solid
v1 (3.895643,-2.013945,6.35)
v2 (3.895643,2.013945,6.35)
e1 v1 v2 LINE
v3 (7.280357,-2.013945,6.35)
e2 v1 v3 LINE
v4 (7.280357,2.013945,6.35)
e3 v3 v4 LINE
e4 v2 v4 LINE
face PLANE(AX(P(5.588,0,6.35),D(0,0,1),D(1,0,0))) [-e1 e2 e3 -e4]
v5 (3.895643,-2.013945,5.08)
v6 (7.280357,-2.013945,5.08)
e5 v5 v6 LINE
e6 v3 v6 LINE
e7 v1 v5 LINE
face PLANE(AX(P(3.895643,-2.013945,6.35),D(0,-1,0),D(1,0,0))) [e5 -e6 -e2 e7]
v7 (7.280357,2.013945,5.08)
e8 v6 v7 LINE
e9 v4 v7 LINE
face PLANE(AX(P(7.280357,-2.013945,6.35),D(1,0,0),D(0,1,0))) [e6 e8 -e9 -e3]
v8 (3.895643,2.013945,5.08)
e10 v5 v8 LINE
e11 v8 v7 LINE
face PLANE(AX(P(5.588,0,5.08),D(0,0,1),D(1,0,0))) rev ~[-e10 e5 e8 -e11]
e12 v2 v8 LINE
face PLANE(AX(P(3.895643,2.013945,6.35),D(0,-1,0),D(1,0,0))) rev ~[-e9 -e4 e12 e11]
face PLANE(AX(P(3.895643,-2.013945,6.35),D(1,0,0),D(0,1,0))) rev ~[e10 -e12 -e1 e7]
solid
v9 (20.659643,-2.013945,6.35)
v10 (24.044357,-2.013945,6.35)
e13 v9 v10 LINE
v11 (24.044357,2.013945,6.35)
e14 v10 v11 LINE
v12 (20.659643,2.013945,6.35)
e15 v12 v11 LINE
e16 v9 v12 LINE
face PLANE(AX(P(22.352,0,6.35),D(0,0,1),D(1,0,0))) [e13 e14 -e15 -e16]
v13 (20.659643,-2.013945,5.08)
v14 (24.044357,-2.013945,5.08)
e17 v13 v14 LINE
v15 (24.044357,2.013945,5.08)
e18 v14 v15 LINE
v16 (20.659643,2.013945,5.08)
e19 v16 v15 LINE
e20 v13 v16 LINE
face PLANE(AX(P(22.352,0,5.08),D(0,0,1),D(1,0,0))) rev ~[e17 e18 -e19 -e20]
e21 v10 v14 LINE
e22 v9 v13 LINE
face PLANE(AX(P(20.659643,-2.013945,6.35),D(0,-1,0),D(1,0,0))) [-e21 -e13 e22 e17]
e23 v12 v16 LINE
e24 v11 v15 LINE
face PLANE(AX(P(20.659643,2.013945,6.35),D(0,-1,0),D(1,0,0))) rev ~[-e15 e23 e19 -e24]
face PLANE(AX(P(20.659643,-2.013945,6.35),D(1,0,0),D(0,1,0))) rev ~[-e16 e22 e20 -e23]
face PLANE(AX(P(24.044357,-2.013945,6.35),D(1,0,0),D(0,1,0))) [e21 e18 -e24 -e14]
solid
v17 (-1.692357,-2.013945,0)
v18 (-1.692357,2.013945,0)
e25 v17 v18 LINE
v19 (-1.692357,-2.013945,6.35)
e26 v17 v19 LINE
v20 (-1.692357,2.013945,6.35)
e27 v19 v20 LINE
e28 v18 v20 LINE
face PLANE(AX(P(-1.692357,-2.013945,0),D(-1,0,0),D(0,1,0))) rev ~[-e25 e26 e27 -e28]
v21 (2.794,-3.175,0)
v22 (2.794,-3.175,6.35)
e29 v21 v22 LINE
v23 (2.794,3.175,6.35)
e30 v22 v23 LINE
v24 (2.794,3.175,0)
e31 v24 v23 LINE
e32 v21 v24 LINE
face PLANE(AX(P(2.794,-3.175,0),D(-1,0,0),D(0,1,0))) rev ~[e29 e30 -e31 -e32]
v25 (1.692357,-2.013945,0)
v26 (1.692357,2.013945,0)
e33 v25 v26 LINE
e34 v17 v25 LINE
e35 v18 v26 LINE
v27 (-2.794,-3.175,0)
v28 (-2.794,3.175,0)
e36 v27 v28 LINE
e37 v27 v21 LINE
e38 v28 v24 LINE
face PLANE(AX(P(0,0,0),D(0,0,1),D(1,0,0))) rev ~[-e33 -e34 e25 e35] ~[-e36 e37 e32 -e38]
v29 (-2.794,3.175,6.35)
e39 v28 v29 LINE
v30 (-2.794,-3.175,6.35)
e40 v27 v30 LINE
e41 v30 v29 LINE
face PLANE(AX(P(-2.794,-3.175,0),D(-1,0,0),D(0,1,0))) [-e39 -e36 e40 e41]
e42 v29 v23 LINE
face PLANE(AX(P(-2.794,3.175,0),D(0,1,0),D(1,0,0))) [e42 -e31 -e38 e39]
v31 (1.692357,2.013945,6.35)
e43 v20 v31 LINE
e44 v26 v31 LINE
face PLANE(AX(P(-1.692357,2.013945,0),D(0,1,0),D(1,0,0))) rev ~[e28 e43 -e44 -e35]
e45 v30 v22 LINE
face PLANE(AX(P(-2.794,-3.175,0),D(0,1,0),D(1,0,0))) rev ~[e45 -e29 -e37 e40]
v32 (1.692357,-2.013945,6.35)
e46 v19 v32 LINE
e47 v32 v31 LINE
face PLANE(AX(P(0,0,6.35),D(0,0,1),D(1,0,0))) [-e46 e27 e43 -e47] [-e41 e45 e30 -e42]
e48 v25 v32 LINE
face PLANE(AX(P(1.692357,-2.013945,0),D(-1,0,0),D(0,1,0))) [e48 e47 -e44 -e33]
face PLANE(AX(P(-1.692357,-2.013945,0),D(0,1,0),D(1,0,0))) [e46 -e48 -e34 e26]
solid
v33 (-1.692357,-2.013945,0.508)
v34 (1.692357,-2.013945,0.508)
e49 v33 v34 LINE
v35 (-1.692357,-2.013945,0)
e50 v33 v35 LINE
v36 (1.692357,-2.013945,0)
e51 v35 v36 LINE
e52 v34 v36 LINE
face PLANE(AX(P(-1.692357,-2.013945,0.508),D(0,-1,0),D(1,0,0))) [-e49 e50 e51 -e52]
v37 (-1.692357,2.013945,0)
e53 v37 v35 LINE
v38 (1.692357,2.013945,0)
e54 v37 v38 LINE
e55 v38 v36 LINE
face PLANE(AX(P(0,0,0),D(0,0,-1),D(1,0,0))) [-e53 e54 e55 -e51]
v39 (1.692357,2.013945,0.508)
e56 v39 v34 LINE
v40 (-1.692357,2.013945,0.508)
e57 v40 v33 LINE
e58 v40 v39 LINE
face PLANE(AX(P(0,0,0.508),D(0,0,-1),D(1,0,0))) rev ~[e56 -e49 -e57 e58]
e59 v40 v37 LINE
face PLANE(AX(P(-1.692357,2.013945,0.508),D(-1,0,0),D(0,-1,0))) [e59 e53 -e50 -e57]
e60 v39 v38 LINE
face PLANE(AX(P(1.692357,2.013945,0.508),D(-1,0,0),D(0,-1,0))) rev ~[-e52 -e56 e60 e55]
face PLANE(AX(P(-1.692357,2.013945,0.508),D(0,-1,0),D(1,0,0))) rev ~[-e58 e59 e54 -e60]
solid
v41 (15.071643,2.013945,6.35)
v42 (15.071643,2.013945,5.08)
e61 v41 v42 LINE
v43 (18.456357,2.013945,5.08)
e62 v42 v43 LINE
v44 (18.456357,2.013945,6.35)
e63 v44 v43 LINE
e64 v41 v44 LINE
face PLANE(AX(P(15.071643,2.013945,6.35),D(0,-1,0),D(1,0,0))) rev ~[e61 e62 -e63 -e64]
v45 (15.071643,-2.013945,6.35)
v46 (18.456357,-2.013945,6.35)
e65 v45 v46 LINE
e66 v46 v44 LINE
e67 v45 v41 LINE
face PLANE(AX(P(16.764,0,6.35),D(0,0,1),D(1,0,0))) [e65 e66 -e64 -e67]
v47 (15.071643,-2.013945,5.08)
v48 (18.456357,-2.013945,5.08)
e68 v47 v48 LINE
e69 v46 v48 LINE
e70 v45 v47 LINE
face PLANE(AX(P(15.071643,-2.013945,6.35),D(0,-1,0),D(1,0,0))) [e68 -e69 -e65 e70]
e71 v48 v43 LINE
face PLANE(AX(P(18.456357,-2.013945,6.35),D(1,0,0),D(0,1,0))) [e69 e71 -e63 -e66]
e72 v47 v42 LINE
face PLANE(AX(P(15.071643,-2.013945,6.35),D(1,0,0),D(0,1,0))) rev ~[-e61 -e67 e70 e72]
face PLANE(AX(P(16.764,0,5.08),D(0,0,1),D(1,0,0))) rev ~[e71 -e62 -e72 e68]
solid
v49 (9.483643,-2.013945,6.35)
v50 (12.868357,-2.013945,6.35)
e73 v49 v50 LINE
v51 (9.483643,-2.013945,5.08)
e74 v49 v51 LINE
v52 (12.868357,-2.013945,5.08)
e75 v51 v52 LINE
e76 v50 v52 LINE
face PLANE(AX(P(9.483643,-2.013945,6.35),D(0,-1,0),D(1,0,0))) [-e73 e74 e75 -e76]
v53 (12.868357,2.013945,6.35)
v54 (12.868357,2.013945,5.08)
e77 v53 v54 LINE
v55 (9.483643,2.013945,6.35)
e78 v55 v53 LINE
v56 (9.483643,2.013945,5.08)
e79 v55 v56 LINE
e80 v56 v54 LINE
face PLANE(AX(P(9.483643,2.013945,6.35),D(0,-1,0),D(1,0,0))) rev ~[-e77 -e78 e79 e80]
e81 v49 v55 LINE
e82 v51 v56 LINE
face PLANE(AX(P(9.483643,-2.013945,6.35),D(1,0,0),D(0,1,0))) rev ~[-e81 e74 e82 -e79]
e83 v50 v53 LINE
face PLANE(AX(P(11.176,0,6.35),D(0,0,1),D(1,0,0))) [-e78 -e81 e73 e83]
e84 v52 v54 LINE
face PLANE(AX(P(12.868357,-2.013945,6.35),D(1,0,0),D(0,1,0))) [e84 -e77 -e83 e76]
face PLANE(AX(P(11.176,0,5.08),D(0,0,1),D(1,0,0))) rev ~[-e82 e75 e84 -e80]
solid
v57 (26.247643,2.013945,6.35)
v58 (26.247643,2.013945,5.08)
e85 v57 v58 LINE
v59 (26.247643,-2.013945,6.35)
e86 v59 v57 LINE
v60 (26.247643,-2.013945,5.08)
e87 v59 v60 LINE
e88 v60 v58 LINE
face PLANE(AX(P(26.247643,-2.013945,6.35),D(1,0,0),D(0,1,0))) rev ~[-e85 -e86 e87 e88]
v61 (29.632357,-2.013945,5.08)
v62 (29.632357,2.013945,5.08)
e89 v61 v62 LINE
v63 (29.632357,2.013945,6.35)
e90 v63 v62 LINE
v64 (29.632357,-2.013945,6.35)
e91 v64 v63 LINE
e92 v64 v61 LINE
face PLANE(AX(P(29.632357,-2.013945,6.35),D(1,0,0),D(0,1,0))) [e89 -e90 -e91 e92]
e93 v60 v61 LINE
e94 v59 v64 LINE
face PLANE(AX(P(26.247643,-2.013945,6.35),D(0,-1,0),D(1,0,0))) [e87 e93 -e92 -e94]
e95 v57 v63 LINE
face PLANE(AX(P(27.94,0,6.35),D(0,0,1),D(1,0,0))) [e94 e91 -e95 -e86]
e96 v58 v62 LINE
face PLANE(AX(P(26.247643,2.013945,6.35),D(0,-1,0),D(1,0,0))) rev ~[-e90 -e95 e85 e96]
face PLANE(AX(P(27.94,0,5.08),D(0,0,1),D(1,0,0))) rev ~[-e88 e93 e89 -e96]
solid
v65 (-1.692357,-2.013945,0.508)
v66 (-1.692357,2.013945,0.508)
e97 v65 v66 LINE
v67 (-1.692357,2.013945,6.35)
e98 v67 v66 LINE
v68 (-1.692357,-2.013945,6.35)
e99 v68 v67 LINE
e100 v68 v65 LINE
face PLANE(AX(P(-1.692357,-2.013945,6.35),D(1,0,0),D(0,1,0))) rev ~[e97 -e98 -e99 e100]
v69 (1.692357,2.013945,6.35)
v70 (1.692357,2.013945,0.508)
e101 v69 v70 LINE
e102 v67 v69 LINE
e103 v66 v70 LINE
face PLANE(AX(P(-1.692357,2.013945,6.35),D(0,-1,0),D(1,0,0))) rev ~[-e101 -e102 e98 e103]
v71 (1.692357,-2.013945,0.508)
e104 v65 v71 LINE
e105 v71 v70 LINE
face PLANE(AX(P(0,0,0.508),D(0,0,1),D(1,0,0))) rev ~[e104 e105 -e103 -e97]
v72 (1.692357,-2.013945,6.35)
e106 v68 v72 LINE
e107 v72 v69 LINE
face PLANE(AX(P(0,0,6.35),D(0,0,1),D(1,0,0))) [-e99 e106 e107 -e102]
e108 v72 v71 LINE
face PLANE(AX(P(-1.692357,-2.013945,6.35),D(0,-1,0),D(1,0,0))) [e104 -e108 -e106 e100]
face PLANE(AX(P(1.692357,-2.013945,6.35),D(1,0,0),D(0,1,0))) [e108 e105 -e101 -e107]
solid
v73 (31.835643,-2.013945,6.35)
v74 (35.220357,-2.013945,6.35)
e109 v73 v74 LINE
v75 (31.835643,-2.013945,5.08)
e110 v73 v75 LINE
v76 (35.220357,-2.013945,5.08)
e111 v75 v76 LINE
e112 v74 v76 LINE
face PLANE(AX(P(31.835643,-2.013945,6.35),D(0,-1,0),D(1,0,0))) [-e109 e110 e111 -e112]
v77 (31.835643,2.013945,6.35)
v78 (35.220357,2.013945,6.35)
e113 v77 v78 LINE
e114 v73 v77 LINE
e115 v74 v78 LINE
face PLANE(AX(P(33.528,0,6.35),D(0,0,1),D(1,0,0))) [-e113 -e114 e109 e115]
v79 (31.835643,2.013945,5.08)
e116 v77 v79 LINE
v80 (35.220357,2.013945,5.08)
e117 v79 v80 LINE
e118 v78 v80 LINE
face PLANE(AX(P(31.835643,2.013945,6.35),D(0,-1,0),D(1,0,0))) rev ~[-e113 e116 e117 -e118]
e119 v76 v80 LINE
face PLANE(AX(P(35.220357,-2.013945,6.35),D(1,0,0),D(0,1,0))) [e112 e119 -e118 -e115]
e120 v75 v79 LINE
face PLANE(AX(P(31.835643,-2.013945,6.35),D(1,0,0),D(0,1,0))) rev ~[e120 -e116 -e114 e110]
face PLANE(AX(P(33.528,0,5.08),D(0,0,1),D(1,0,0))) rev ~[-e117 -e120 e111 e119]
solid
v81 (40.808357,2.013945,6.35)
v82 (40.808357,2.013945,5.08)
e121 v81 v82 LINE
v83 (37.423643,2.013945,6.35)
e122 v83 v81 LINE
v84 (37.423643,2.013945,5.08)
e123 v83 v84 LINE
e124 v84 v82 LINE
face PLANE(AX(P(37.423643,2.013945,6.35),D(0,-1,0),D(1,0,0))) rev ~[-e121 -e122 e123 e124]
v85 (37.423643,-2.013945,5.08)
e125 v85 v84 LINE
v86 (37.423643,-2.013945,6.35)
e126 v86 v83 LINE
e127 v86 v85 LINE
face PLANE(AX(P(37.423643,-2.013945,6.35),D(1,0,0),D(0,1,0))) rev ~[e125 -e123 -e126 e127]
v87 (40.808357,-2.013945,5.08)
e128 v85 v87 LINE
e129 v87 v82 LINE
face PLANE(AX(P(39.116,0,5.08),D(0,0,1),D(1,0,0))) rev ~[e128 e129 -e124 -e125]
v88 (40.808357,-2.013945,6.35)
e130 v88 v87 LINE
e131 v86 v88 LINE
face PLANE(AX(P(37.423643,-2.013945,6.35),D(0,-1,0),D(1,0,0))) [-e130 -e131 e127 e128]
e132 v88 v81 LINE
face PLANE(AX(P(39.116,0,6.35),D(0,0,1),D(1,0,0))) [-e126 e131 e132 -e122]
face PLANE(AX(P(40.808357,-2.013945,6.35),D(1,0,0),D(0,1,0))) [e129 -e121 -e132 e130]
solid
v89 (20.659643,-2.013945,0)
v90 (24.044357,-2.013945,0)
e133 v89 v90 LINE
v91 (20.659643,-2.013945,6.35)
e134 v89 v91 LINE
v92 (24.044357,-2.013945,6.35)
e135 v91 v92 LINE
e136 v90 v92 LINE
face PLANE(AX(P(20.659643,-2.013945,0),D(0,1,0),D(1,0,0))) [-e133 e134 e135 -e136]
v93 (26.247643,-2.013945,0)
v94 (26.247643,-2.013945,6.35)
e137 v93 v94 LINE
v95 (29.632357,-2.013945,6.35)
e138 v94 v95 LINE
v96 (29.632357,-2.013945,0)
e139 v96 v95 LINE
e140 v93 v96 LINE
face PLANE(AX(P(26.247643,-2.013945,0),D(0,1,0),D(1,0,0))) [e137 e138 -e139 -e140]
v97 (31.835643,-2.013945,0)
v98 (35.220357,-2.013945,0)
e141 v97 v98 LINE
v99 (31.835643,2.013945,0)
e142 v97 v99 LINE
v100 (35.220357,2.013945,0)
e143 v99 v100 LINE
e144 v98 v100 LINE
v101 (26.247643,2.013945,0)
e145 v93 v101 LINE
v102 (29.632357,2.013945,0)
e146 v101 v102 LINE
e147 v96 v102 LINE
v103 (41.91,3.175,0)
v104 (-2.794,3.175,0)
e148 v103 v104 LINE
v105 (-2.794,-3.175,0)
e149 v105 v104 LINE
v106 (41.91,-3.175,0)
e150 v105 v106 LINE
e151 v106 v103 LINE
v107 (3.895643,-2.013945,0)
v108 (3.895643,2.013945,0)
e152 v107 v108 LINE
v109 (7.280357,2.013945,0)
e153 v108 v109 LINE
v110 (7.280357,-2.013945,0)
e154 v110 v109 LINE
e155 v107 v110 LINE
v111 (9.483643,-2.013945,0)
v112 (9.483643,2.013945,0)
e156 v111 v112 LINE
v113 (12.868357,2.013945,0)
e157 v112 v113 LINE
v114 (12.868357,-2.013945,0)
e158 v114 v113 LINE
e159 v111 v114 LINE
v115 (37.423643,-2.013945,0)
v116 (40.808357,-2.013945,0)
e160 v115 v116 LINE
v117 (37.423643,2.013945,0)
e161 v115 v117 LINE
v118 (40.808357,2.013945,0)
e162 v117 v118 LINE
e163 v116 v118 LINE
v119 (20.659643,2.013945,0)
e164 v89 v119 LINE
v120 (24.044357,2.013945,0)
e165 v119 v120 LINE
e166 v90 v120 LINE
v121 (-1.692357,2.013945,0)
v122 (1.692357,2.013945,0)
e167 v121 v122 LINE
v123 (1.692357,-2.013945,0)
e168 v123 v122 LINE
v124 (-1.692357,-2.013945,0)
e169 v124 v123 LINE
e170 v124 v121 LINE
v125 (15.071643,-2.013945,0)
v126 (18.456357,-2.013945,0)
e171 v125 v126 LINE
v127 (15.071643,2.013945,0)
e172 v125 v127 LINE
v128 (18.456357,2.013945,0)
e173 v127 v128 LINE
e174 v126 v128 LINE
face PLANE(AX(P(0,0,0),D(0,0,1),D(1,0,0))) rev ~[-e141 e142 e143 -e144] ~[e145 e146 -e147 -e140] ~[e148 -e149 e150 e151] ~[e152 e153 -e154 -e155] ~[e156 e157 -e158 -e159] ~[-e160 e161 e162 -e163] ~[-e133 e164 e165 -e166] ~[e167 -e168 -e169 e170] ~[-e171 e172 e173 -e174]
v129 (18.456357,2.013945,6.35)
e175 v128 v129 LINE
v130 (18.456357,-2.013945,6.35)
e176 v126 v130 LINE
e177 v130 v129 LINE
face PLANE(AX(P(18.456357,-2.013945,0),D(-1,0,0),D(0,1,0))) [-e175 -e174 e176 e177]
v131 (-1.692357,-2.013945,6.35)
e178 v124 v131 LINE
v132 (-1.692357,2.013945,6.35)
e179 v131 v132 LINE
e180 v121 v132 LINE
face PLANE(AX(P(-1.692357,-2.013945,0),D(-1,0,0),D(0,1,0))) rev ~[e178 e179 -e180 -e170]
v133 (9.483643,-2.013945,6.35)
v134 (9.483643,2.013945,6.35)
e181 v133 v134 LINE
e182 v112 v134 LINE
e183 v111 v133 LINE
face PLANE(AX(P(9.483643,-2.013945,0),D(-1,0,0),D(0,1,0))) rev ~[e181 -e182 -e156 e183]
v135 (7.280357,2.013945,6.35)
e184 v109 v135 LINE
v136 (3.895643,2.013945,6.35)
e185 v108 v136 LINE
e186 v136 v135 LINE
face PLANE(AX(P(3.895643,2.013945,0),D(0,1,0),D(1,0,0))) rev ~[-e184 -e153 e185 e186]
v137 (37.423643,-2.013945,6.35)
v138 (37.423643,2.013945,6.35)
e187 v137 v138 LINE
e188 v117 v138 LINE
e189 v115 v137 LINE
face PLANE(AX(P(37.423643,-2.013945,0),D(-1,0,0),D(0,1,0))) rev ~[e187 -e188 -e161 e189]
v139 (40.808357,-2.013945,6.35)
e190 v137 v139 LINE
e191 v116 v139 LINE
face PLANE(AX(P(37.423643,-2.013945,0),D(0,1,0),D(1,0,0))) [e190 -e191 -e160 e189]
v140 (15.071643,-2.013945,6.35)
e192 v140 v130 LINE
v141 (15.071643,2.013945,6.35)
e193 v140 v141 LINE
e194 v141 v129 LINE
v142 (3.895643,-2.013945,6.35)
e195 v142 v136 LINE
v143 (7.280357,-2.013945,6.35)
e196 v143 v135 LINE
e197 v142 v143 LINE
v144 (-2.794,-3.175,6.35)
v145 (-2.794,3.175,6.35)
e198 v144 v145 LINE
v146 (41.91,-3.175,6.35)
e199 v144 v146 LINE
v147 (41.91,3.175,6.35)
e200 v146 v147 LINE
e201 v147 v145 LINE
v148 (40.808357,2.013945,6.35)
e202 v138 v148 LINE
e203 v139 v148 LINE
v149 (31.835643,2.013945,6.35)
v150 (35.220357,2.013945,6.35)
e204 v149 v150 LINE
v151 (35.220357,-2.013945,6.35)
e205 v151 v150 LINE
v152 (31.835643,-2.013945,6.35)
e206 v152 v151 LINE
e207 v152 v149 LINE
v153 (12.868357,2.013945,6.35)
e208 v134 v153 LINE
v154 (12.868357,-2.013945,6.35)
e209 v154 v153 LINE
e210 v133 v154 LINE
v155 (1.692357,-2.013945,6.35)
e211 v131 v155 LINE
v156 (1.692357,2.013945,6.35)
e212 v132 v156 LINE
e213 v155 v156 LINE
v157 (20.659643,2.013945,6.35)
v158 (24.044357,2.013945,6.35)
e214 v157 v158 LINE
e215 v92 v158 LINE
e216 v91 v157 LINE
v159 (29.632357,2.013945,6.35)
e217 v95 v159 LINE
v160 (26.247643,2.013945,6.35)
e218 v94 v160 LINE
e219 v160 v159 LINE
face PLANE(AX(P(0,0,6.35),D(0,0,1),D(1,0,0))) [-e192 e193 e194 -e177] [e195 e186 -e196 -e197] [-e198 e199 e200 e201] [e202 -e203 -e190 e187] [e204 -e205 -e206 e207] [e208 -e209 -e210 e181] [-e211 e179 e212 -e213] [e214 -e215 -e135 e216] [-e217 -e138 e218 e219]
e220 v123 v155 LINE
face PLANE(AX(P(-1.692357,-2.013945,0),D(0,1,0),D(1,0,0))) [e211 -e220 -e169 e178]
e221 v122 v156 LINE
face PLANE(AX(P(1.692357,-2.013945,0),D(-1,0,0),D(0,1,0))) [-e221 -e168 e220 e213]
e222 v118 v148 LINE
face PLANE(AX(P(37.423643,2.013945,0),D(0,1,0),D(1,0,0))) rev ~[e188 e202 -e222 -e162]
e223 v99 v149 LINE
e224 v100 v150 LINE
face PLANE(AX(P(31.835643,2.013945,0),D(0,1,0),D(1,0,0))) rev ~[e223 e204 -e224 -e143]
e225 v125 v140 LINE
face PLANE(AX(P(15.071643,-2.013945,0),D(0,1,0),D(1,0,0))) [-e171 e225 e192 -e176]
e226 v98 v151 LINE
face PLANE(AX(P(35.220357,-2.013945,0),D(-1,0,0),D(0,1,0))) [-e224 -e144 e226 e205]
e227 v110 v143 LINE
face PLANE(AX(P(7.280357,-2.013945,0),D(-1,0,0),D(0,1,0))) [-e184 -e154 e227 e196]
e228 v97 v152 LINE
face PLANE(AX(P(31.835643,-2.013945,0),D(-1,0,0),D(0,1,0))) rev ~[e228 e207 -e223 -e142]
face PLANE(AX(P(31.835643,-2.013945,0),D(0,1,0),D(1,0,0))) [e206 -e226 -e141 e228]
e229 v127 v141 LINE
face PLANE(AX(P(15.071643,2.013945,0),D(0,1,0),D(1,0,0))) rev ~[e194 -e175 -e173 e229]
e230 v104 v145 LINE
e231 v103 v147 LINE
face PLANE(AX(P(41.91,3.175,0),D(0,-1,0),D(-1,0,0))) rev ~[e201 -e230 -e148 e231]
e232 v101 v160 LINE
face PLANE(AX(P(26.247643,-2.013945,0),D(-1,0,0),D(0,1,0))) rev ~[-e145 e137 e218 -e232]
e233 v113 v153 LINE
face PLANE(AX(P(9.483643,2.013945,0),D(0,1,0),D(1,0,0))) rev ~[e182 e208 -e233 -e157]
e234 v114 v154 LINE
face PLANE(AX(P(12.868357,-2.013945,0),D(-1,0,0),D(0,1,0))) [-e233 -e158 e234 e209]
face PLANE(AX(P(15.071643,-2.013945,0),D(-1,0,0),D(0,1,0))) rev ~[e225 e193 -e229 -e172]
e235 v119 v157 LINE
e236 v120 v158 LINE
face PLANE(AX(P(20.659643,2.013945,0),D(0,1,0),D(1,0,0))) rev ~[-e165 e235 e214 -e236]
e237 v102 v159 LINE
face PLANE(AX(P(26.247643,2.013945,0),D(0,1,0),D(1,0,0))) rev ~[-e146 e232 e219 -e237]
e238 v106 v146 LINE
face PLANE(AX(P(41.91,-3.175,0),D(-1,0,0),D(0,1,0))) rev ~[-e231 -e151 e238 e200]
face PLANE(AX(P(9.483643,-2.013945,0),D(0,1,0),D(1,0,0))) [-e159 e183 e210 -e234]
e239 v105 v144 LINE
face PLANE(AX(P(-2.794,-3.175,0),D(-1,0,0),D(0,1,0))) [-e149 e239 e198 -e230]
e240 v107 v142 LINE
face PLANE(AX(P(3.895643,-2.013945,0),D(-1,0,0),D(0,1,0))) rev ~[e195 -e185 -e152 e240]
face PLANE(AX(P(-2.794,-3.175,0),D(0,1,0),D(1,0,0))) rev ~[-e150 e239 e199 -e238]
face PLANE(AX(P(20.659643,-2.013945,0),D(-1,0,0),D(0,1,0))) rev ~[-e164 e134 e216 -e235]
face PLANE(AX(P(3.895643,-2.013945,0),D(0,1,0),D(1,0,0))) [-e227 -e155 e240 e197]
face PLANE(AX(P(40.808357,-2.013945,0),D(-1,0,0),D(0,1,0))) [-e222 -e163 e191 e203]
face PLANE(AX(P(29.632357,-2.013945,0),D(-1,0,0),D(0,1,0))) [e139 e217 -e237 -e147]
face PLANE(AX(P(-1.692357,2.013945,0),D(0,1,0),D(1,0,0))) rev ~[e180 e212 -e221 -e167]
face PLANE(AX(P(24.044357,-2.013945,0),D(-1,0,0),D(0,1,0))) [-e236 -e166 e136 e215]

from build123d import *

# Parameters (mm, degrees)
F0_W      = 5.588
F0_H      = 6.35
F0_W_2    = 3.384714
F0_H_2    = 4.02789
F1_DEPTH  = 6.35
F2_W      = 3.384714
F2_H      = 4.02789
F3_DEPTH  = 5.842
F3_FACE_W = 3.384714
F3_FACE_H = 4.02789
F4_DEPTH  = 0.508
F5_DEPTH  = 6.35
F6_W      = 3.384714
F6_H      = 4.02789
F7_DEPTH  = 1.27


with BuildPart() as f1:
    # F0 (on Top) → F1 (new body)
    with BuildSketch(Plane.XY):
        Rectangle(F0_W, F0_H)
        Rectangle(F0_W_2, F0_H_2, mode=Mode.SUBTRACT)
    extrude(amount=F1_DEPTH)


with BuildPart() as f3:
    # F2 (on face) → F3 (new body)
    with BuildSketch(Plane.XY.offset(6.35)):
        Rectangle(F2_W, F2_H)
    extrude(amount=-F3_DEPTH)


with BuildPart() as f4:
    # F3_face (on face) → F4 (new body)
    with BuildSketch(Plane(origin=(0, 0, 0.508), x_dir=(1, 0, 0), z_dir=(0, 0, -1))):
        Rectangle(F3_FACE_W, F3_FACE_H)
    extrude(amount=F4_DEPTH)


with BuildPart() as f5:
    # F0 (on Top) → F5 (new body)
    with BuildSketch(Plane.XY):
        Rectangle(F0_W, F0_H)
        Rectangle(F0_W_2, F0_H_2, mode=Mode.SUBTRACT)
        with Locations((5.588, 0)):
            Rectangle(F0_W, F0_H)
        with Locations((5.588, 0)):
            Rectangle(F0_W_2, F0_H_2, mode=Mode.SUBTRACT)
        with Locations((11.176, 0)):
            Rectangle(F0_W, F0_H)
        with Locations((11.176, 0)):
            Rectangle(F0_W_2, F0_H_2, mode=Mode.SUBTRACT)
        with Locations((16.764, 0)):
            Rectangle(F0_W, F0_H)
        with Locations((16.764, 0)):
            Rectangle(F0_W_2, F0_H_2, mode=Mode.SUBTRACT)
        with Locations((22.352, 0)):
            Rectangle(F0_W, F0_H)
        with Locations((22.352, 0)):
            Rectangle(F0_W_2, F0_H_2, mode=Mode.SUBTRACT)
        with Locations((27.94, 0)):
            Rectangle(F0_W, F0_H)
        with Locations((27.94, 0)):
            Rectangle(F0_W_2, F0_H_2, mode=Mode.SUBTRACT)
        with Locations((33.528, 0)):
            Rectangle(F0_W, F0_H)
        with Locations((33.528, 0)):
            Rectangle(F0_W_2, F0_H_2, mode=Mode.SUBTRACT)
        with Locations((39.116, 0)):
            Rectangle(F0_W, F0_H)
        with Locations((39.116, 0)):
            Rectangle(F0_W_2, F0_H_2, mode=Mode.SUBTRACT)
    extrude(amount=F5_DEPTH)


with BuildPart() as f7:
    # F6 (on face) → F7 (new body)
    with BuildSketch(Plane.XY.offset(6.35)):
        with Locations((5.588, 0)):
            Rectangle(F6_W, F6_H)
        with Locations((11.176, 0)):
            Rectangle(F6_W, F6_H)
        with Locations((16.764, 0)):
            Rectangle(F6_W, F6_H)
        with Locations((22.352, 0)):
            Rectangle(F6_W, F6_H)
        with Locations((27.94, 0)):
            Rectangle(F6_W, F6_H)
        with Locations((33.528, 0)):
            Rectangle(F6_W, F6_H)
        with Locations((39.116, 0)):
            Rectangle(F6_W, F6_H)
    extrude(amount=-F7_DEPTH)


solid = Compound([f1.part, f3.part, f4.part, f5.part, f7.part])
